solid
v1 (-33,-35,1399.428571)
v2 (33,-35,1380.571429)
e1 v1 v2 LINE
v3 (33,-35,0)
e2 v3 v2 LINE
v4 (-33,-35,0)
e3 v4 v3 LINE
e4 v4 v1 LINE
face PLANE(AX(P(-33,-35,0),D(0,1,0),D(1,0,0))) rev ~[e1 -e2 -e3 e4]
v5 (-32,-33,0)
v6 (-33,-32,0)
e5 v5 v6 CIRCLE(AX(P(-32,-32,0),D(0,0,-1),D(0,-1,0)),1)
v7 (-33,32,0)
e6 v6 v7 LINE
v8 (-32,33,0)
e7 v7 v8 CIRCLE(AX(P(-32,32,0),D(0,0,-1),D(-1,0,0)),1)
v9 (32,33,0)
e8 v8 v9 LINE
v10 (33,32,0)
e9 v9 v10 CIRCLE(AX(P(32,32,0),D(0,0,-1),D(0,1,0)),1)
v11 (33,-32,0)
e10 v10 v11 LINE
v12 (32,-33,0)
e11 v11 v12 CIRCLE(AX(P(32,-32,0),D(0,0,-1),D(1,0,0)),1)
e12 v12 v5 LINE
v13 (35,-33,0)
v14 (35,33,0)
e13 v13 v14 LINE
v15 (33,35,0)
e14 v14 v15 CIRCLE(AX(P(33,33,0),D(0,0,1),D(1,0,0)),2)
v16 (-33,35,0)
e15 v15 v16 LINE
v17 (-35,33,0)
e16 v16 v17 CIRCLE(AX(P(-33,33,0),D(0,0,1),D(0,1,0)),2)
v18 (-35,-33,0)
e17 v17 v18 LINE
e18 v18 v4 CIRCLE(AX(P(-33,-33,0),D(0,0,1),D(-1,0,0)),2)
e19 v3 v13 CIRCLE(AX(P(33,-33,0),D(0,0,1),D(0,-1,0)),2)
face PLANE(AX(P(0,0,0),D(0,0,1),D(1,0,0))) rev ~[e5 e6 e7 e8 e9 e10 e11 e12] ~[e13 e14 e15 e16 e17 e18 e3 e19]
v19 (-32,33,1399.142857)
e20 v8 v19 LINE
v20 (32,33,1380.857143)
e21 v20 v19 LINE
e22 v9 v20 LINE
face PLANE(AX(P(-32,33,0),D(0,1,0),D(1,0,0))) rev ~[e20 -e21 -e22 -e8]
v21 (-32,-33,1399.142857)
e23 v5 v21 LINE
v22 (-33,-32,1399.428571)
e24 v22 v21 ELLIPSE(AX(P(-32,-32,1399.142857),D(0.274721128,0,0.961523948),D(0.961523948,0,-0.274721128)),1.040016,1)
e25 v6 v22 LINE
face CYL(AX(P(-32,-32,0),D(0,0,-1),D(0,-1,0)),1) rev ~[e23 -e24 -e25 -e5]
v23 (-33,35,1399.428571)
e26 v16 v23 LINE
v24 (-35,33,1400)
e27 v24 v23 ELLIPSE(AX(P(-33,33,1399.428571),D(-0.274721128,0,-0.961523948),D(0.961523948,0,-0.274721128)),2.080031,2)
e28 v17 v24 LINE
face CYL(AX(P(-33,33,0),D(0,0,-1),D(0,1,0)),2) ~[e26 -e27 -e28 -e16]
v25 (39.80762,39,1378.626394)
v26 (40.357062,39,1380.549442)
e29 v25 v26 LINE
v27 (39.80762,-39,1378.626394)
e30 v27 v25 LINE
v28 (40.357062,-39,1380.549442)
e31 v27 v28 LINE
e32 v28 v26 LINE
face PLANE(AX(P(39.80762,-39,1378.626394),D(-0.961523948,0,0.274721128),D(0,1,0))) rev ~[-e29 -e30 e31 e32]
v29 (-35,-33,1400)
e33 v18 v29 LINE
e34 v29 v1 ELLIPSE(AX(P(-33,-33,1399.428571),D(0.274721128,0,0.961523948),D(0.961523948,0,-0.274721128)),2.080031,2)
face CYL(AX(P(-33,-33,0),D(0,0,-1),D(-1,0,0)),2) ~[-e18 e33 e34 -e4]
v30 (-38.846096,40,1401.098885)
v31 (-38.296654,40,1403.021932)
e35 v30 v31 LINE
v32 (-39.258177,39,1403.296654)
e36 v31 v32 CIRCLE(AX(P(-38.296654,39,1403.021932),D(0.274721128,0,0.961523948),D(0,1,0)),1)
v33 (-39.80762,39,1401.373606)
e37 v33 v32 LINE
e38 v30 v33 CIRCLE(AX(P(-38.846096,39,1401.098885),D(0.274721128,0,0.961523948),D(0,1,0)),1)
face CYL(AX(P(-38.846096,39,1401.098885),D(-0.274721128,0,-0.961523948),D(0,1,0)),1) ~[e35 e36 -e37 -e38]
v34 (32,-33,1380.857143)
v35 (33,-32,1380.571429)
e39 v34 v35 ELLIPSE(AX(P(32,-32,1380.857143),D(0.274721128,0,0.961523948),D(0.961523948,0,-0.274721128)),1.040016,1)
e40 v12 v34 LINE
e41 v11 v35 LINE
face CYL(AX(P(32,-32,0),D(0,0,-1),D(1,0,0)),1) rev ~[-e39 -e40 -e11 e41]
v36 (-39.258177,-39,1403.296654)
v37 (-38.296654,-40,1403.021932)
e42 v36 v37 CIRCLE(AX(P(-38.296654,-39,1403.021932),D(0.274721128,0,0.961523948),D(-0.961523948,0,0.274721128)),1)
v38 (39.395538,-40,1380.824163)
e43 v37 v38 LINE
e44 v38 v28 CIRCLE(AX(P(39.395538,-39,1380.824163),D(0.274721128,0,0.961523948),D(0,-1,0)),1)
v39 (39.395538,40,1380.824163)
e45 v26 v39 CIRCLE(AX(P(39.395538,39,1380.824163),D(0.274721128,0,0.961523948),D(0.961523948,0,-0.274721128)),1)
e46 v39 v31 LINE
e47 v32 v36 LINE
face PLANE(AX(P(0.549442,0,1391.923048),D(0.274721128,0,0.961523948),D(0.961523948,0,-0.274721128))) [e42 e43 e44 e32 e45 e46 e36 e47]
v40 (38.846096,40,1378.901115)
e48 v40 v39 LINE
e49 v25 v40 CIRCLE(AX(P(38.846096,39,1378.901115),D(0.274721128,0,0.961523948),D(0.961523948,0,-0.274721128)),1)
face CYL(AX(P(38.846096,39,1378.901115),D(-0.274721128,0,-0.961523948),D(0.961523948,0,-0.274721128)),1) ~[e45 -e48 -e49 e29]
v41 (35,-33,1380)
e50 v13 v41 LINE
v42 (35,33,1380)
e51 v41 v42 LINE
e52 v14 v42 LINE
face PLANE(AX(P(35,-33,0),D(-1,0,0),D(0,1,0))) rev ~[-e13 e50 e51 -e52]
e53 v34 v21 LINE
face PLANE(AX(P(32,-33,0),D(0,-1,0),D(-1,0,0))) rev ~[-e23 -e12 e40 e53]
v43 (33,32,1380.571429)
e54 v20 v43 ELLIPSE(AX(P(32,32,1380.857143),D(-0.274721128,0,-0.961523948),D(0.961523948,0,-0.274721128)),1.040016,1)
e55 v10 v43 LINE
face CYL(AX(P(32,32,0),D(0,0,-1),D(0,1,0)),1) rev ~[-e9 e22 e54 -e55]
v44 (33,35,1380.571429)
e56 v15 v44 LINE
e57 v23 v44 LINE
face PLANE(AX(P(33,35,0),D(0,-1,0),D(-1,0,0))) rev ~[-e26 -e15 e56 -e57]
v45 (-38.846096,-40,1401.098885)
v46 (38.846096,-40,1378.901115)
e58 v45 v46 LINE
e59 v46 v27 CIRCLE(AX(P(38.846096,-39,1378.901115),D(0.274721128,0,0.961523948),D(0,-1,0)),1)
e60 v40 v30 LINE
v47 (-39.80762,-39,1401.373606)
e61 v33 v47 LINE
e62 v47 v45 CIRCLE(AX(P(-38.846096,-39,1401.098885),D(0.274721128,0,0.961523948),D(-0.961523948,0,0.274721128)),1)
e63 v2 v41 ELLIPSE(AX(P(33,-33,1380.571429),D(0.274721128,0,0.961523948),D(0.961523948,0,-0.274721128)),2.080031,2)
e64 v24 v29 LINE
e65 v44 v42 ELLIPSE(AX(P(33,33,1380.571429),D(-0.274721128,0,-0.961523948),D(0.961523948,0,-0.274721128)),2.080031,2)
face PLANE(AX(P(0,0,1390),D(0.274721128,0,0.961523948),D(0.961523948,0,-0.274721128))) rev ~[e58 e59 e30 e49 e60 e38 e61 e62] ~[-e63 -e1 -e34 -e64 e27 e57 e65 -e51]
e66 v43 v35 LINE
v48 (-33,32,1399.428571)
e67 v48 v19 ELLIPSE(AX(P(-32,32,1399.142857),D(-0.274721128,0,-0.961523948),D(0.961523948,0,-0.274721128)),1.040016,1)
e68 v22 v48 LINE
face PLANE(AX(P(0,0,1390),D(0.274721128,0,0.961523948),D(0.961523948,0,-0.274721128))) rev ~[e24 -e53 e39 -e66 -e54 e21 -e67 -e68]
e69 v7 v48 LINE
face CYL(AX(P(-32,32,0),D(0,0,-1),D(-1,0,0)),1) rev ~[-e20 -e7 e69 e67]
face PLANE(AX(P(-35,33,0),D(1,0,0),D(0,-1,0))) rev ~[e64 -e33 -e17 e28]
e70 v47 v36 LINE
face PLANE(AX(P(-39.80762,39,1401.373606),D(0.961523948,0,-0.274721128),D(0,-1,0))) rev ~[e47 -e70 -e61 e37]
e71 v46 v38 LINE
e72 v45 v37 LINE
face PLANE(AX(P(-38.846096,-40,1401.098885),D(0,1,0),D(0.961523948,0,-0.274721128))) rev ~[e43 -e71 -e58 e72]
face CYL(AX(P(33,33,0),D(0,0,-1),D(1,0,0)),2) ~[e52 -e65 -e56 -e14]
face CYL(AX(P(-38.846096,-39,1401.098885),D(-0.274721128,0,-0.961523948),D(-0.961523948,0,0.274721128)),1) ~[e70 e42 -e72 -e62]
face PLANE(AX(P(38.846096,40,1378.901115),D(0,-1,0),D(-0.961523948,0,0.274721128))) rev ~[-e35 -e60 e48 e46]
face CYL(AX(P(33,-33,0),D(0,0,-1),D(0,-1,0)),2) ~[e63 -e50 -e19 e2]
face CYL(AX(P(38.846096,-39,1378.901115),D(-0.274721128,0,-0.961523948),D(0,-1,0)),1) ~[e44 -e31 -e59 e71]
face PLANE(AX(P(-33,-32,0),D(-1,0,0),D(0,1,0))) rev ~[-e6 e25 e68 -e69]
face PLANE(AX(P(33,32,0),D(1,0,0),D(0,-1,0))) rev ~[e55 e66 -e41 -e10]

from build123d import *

# Parameters (mm, degrees)
F1_DEPTH      = 1400
F3_DEPTH      = 35
F3_DEPTH_BACK = 35
F6_DEPTH      = 2


with BuildPart() as f1:
    # F0 (on Top) → F1 (new body)
    with BuildSketch(Plane.XY):
        with BuildLine():
            ThreePointArc((-35, -33), (-34.4142135624, -34.4142135624), (-33, -35))
            Line((-33, -35), (33, -35))
            ThreePointArc((33, -35), (34.4142135624, -34.4142135624), (35, -33))
            Line((35, -33), (35, 33))
            ThreePointArc((35, 33), (34.4142135624, 34.4142135624), (33, 35))
            Line((33, 35), (-33, 35))
            ThreePointArc((-33, 35), (-34.4142135624, 34.4142135624), (-35, 33))
            Line((-35, 33), (-35, -33))
        make_face()
        with BuildLine():
            Line((32, -33), (-32, -33))
            ThreePointArc((-32, -33), (-32.7071067812, -32.7071067812), (-33, -32))
            Line((-33, -32), (-33, 32))
            ThreePointArc((-33, 32), (-32.7071067812, 32.7071067812), (-32, 33))
            Line((-32, 33), (32, 33))
            ThreePointArc((32, 33), (32.7071067812, 32.7071067812), (33, 32))
            Line((33, 32), (33, -32))
            ThreePointArc((33, -32), (32.7071067812, -32.7071067812), (32, -33))
        make_face(mode=Mode.SUBTRACT)
    extrude(amount=F1_DEPTH)

    # F2 (on Front) → F3 (cut, two sides)
    with BuildSketch(Plane.XZ) as f3_sk:
        Polygon((-35, 1400), (35, 1380), (35, 1400), align=None)
    extrude(amount=-F3_DEPTH, mode=Mode.SUBTRACT)
    extrude(f3_sk.sketch, amount=F3_DEPTH_BACK, mode=Mode.SUBTRACT)

    # F5 (on offset) → F6 (join)
    with BuildSketch(Plane(origin=(367.1698113208, 0, 1285.0943396226), x_dir=(0.9615239476, 0, -0.2747211279), z_dir=(0.2747211279, 0, 0.9615239476))):
        with BuildLine():
            Line((-341.461818331, 40), (-422.2629172238, 40))
            ThreePointArc((-422.2629172238, 40), (-422.9700240049, 39.7071067812), (-423.2629172238, 39))
            Line((-423.2629172238, 39), (-423.2629172238, -39))
            ThreePointArc((-423.2629172238, -39), (-422.9700240049, -39.7071067812), (-422.2629172238, -40))
            Line((-422.2629172238, -40), (-341.461818331, -40))
            ThreePointArc((-341.461818331, -40), (-340.7547115498, -39.7071067812), (-340.461818331, -39))
            Line((-340.461818331, -39), (-340.461818331, 39))
            ThreePointArc((-340.461818331, 39), (-340.7547115498, 39.7071067812), (-341.461818331, 40))
        make_face()
    extrude(amount=F6_DEPTH)


solid = f1.part
